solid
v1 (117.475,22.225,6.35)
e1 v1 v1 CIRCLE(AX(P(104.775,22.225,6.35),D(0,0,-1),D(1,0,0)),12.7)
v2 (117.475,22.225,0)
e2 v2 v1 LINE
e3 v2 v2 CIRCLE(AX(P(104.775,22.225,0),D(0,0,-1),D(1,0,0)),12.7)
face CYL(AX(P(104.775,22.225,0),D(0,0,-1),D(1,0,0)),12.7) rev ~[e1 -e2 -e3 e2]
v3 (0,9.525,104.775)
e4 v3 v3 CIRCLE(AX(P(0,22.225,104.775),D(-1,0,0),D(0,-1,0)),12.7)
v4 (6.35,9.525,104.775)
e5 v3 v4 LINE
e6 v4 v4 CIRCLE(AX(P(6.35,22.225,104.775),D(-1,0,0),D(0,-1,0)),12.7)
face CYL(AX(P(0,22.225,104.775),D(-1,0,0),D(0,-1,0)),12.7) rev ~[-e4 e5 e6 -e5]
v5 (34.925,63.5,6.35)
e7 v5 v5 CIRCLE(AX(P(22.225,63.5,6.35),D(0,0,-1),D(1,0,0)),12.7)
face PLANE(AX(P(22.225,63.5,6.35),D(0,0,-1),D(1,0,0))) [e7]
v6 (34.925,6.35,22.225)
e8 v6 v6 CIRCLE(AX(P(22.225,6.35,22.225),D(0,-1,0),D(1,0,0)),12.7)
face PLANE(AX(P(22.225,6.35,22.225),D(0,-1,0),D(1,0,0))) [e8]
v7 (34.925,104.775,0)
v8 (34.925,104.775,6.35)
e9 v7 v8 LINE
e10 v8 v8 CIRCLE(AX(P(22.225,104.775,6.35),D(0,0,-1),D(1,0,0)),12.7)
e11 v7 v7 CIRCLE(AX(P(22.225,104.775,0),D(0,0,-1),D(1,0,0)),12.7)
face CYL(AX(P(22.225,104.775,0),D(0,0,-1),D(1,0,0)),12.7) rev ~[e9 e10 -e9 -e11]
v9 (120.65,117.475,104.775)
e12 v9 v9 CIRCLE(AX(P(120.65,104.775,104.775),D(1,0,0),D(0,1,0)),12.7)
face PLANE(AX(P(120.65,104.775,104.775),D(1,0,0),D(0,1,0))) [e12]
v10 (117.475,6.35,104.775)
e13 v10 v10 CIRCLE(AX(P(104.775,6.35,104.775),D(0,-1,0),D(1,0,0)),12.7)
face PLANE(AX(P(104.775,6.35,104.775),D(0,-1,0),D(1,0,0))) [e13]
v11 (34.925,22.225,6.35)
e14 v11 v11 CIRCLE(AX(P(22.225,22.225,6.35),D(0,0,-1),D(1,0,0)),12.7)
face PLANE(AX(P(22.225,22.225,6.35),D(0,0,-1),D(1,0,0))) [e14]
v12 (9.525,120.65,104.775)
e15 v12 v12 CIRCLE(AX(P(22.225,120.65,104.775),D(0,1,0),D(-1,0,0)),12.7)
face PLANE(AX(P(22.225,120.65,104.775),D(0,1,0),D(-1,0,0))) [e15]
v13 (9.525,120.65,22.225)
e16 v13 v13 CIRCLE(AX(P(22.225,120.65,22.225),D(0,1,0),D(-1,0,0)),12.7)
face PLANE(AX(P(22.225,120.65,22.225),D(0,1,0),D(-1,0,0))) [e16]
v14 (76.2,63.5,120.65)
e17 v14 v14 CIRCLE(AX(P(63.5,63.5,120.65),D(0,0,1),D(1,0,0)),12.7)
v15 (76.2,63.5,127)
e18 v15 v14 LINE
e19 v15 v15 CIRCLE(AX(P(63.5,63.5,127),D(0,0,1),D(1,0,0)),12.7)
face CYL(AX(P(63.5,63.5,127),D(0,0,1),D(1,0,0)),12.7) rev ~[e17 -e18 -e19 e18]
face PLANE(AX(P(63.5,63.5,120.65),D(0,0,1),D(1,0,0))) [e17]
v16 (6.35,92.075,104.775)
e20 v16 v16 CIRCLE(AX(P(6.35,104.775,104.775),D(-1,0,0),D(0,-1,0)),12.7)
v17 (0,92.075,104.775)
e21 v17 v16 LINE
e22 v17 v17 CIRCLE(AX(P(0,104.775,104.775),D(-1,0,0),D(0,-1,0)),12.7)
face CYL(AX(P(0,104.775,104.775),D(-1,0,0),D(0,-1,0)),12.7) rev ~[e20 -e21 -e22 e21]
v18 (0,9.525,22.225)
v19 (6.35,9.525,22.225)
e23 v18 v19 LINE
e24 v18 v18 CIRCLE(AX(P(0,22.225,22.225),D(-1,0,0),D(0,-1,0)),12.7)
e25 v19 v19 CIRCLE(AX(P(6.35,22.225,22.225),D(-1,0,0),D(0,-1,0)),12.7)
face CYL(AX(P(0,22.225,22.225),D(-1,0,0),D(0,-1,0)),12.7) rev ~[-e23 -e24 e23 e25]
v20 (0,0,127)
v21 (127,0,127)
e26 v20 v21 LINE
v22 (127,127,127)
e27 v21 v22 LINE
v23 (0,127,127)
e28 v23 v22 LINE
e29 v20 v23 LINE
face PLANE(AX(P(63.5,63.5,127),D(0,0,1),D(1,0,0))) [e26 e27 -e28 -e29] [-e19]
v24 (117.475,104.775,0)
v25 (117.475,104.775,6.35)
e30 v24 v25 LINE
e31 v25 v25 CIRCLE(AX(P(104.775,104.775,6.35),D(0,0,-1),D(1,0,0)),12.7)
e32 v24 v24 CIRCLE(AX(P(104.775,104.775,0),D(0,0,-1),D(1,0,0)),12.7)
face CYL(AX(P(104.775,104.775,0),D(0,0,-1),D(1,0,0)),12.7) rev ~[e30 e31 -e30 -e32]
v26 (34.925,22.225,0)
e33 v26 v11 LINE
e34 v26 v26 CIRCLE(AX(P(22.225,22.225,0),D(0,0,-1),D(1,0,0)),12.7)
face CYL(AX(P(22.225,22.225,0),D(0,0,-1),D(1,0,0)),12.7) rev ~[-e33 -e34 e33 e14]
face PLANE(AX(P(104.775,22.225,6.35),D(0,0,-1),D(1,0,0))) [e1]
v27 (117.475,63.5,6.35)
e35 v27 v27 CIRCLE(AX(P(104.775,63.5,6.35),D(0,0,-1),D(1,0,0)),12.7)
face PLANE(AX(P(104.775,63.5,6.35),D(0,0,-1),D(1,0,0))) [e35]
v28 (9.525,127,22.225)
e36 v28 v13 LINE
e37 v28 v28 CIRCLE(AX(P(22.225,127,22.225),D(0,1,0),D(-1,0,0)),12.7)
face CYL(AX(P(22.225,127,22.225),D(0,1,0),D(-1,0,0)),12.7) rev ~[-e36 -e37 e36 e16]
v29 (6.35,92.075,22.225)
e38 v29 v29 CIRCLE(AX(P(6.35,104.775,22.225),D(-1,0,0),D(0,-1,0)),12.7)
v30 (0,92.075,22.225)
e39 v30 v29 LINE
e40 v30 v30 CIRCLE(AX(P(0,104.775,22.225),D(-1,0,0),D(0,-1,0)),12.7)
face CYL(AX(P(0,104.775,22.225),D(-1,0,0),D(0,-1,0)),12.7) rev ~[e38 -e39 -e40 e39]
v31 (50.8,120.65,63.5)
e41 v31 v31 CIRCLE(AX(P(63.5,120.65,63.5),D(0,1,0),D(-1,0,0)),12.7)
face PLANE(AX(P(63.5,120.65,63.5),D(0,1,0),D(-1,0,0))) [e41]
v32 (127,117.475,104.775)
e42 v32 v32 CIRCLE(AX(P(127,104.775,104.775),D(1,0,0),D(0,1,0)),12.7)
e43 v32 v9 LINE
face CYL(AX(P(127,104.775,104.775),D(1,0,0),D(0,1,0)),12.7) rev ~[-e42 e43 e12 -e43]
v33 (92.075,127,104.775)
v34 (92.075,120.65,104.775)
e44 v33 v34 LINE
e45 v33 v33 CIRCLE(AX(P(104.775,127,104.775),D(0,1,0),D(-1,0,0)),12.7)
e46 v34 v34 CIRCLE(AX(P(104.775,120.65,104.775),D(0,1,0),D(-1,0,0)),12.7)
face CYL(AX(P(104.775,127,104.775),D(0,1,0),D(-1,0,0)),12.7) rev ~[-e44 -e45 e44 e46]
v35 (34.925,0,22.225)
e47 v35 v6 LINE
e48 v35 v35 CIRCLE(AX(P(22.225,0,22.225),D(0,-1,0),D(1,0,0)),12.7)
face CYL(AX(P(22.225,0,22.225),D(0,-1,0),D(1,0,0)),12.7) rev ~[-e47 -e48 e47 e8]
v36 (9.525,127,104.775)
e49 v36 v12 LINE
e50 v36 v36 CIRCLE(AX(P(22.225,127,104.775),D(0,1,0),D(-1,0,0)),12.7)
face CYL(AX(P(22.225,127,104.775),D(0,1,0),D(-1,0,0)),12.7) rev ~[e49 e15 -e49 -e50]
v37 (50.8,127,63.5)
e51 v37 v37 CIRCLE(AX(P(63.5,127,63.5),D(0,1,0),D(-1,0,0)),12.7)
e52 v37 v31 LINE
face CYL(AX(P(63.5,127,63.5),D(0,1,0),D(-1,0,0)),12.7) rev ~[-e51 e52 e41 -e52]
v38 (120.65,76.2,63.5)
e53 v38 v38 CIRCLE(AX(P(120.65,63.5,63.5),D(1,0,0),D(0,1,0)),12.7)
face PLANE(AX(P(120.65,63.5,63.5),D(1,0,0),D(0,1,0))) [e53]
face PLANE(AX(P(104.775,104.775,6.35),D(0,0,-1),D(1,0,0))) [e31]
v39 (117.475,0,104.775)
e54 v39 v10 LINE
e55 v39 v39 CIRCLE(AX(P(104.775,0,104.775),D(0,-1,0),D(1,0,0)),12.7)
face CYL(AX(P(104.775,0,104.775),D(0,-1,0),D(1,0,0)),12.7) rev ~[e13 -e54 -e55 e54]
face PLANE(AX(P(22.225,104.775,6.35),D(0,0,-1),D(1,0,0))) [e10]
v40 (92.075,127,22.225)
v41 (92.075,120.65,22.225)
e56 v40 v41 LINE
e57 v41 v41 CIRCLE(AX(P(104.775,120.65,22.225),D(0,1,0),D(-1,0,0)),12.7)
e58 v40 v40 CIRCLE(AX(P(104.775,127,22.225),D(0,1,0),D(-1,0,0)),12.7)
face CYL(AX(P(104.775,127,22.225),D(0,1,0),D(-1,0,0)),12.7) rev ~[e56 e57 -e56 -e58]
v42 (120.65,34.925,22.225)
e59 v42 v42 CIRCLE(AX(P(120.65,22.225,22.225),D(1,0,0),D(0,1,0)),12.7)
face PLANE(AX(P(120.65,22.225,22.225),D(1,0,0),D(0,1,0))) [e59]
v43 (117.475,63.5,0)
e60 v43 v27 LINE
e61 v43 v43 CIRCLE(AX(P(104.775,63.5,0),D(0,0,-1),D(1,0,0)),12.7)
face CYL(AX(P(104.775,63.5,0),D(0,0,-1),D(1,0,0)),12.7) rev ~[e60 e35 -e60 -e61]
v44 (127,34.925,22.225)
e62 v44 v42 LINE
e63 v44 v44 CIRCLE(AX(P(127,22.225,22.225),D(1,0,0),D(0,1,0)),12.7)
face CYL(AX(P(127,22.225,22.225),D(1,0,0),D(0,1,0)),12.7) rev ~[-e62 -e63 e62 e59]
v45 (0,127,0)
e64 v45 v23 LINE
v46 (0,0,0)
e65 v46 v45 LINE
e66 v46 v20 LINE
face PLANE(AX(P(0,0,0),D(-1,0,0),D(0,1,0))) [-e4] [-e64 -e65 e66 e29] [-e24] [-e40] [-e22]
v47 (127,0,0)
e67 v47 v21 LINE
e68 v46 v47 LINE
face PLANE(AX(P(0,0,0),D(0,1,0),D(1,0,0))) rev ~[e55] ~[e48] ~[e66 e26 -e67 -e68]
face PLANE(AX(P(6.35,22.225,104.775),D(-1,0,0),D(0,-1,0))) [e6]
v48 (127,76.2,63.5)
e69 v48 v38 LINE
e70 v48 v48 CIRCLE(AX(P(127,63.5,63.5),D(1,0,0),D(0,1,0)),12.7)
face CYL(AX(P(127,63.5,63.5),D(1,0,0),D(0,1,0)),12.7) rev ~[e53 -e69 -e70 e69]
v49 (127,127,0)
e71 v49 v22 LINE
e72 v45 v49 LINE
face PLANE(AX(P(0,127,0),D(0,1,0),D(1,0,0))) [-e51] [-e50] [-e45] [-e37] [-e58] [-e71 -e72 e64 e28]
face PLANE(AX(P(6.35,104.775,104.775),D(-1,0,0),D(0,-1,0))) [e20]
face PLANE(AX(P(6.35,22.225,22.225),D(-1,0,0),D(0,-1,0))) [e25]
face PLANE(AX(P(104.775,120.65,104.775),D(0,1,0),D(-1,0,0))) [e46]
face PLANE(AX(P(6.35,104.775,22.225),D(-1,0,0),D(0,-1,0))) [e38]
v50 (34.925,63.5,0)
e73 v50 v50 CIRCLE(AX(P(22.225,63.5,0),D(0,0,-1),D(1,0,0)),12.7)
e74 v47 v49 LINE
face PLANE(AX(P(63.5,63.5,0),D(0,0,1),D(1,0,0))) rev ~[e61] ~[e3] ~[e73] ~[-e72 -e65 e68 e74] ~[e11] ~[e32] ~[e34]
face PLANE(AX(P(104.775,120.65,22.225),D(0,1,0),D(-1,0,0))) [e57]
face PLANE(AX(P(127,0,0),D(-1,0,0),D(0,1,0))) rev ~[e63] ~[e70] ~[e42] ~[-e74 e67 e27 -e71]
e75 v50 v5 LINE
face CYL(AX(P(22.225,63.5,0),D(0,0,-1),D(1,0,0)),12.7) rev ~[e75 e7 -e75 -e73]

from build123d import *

# Parameters (mm, degrees)
F0_W      = 127
F0_H      = 127
F1_DEPTH  = 127
F2_R      = 12.7
F3_DEPTH  = 6.35
F4_R      = 12.7
F5_DEPTH  = 6.35
F6_R      = 12.7
F7_DEPTH  = 6.35
F8_R      = 12.7
F9_DEPTH  = 6.35
F10_R     = 12.7
F11_DEPTH = 6.35
F12_R     = 12.7
F13_DEPTH = 6.35


with BuildPart() as f1:
    # F0 (on Top) → F1 (new body)
    with BuildSketch(Plane.XY):
        with Locations((63.5, 63.5)):
            Rectangle(F0_W, F0_H)
    extrude(amount=F1_DEPTH)

    # F2 (on face) → F3 (cut)
    with BuildSketch(Plane.XY.offset(127)):
        with Locations((63.5, 63.5)):
            Circle(F2_R)
    extrude(amount=-F3_DEPTH, mode=Mode.SUBTRACT)

    # F4 (on face) → F5 (cut)
    with BuildSketch(Plane.XZ):
        with Locations((22.225, 22.225)):
            Circle(F4_R)
        with Locations((104.775, 104.775)):
            Circle(F4_R)
    extrude(amount=-F5_DEPTH, mode=Mode.SUBTRACT)

    # F6 (on face) → F7 (cut)
    with BuildSketch(Plane.YZ.offset(127)):
        with Locations((22.225, 22.225)):
            Circle(F6_R)
        with Locations((63.5, 63.5)):
            Circle(F6_R)
        with Locations((104.775, 104.775)):
            Circle(F6_R)
    extrude(amount=-F7_DEPTH, mode=Mode.SUBTRACT)

    # F8 (on face) → F9 (cut)
    with BuildSketch(Plane(origin=(0, 127, 0), x_dir=(-1, 0, 0), z_dir=(0, 1, 0))):
        with Locations((-63.5, 63.5)):
            Circle(F8_R)
        with Locations((-22.225, 104.775)):
            Circle(F8_R)
        with Locations((-104.775, 104.775)):
            Circle(F8_R)
        with Locations((-104.775, 22.225)):
            Circle(F8_R)
        with Locations((-22.225, 22.225)):
            Circle(F8_R)
    extrude(amount=-F9_DEPTH, mode=Mode.SUBTRACT)

    # F10 (on face) → F11 (cut)
    with BuildSketch(Plane(origin=(0, 0, 0), x_dir=(0, -1, 0), z_dir=(-1, 0, 0))):
        with Locations((-104.775, 104.775)):
            Circle(F10_R)
        with Locations((-22.225, 104.775)):
            Circle(F10_R)
        with Locations((-22.225, 22.225)):
            Circle(F10_R)
        with Locations((-104.775, 22.225)):
            Circle(F10_R)
    extrude(amount=-F11_DEPTH, mode=Mode.SUBTRACT)

    # F12 (on face) → F13 (cut)
    with BuildSketch(Plane(origin=(0, 0, 0), x_dir=(1, 0, 0), z_dir=(0, 0, -1))):
        with Locations((104.775, -22.225)):
            Circle(F12_R)
        with Locations((104.775, -63.5)):
            Circle(F12_R)
        with Locations((104.775, -104.775)):
            Circle(F12_R)
        with Locations((22.225, -104.775)):
            Circle(F12_R)
        with Locations((22.225, -63.5)):
            Circle(F12_R)
        with Locations((22.225, -22.225)):
            Circle(F12_R)
    extrude(amount=-F13_DEPTH, mode=Mode.SUBTRACT)


solid = f1.part
